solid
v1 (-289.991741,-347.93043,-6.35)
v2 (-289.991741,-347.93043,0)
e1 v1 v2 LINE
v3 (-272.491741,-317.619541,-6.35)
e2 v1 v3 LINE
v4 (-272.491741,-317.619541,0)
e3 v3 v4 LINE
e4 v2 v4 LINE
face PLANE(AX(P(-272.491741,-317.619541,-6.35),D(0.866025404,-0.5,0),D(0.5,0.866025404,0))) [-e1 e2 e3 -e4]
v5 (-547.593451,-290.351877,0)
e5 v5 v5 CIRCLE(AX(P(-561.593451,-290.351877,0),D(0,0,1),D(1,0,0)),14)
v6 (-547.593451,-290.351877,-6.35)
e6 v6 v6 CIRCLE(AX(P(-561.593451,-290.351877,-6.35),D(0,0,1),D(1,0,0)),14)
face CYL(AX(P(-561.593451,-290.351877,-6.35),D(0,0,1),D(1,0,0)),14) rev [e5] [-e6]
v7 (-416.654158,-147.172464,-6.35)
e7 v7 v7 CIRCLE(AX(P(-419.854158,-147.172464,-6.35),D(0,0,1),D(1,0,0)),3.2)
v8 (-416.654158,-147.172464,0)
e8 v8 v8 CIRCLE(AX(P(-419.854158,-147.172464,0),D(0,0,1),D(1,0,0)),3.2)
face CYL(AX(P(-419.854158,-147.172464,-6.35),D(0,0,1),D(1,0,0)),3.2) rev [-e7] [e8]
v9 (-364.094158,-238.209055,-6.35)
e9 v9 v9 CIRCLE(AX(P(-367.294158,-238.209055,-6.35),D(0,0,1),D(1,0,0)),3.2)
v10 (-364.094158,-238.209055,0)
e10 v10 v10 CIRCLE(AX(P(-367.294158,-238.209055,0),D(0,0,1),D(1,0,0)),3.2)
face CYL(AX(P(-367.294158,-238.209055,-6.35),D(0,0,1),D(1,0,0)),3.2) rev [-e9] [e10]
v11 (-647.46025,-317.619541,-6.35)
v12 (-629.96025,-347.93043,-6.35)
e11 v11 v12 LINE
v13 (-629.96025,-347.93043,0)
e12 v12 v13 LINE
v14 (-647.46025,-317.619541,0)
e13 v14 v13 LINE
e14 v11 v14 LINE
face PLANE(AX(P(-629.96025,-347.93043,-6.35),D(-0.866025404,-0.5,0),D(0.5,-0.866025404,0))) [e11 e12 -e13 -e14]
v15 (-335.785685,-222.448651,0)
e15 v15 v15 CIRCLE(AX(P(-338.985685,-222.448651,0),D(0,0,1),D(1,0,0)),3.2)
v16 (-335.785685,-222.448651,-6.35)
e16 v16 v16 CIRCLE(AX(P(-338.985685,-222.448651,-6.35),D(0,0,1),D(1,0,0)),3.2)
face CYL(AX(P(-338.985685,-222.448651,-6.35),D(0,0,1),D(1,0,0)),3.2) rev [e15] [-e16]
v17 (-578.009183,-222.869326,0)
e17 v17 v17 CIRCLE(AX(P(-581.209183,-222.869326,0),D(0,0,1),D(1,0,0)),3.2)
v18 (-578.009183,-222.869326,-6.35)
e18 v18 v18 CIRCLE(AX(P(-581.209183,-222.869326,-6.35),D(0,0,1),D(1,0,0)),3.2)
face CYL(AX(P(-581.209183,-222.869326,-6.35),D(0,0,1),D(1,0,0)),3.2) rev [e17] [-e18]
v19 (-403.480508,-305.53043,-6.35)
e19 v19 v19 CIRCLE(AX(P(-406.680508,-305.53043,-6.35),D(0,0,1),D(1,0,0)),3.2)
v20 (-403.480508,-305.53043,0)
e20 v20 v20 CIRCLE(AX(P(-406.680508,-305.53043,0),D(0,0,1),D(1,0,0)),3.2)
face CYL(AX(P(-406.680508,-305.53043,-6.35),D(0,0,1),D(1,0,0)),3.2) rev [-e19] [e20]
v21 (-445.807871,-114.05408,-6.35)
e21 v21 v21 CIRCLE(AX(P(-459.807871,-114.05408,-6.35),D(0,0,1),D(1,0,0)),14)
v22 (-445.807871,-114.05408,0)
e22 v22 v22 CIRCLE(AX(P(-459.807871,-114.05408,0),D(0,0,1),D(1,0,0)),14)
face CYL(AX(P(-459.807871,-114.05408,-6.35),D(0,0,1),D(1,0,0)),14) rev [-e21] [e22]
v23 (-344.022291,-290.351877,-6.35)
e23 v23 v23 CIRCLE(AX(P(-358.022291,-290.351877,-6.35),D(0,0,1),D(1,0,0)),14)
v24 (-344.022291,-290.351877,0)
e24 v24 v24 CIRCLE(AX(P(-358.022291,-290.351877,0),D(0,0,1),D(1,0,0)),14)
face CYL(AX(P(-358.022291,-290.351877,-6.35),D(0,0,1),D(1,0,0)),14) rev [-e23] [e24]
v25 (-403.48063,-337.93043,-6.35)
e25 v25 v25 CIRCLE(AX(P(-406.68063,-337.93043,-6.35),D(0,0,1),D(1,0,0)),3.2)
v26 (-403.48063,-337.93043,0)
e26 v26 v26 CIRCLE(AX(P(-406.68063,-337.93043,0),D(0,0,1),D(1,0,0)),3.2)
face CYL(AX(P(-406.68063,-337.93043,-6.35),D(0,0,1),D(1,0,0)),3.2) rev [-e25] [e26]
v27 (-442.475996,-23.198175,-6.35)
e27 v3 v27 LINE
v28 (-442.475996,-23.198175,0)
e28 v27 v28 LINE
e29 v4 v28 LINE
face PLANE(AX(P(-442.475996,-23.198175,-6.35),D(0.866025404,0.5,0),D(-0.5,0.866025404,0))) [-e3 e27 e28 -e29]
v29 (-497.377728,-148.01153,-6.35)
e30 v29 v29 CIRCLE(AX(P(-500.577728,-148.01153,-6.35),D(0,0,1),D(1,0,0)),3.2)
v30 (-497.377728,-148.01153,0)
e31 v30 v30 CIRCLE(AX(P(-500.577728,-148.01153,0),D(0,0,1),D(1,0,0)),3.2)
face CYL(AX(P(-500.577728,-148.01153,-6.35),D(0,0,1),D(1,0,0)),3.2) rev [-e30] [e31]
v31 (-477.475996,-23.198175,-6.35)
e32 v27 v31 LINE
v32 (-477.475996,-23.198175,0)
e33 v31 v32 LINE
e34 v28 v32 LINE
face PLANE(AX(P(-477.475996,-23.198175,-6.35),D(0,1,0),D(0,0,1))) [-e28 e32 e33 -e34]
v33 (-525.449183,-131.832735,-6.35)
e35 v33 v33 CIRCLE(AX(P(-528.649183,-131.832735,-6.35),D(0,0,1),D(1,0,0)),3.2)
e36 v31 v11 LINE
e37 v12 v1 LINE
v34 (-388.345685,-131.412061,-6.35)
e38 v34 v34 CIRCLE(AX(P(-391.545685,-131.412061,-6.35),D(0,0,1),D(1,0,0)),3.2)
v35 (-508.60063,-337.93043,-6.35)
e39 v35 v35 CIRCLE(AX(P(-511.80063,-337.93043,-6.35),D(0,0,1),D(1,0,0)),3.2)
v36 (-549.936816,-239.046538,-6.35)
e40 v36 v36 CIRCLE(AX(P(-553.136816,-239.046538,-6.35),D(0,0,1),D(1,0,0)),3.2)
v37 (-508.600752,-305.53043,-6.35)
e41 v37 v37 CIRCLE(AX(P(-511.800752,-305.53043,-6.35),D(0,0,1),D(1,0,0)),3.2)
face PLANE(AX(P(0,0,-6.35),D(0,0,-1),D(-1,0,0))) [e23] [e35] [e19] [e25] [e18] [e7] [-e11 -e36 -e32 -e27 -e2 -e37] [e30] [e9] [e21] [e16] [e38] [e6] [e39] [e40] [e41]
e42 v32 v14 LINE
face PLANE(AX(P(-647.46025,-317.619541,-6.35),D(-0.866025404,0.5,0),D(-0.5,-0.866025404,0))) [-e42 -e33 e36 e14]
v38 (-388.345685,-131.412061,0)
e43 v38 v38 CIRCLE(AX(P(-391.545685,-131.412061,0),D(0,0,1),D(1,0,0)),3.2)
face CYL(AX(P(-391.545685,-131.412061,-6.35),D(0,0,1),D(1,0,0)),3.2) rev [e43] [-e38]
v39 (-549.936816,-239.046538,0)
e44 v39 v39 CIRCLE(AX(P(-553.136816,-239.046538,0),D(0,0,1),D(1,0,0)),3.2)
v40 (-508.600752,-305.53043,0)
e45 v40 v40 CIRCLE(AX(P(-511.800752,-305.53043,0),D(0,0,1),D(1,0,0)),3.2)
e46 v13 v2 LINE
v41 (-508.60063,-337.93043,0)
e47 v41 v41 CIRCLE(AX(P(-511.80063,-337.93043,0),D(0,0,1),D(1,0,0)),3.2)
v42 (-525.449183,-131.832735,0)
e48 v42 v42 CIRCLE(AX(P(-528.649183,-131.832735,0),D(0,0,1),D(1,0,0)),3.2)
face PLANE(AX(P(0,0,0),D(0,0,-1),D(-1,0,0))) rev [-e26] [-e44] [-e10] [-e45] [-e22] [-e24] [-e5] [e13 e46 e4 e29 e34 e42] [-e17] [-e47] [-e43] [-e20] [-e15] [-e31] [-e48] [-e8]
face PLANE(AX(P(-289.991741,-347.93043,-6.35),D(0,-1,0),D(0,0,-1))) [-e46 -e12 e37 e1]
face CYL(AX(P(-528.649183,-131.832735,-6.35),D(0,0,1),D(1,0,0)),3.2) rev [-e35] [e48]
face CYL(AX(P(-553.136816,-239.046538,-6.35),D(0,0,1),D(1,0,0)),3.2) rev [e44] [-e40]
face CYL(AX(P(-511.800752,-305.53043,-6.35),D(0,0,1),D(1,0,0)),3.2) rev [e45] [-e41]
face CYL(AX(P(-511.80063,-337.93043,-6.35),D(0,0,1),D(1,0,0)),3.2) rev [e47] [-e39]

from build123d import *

# Parameters (mm, degrees)
SKETCH1_R           = 3.2
SKETCH1_R_2         = 14
BOSS_EXTRUDE1_DEPTH = 6.35


with BuildPart() as part:
    # Sketch1 → Boss-Extrude1 (new body)
    with BuildSketch(Plane.XY):
        Polygon((-647.460250444, -317.619540534), (-477.475995614, -23.198174681), (-442.475995614, -23.198174681), (-272.491740783, -317.619540534), (-289.991740783, -347.930429667), (-629.960250444, -347.930429667), align=None)
        with Locations((-581.209182953, -222.869325584)):
            Circle(SKETCH1_R, mode=Mode.SUBTRACT)
        with Locations((-528.649182953, -131.832735139)):
            Circle(SKETCH1_R, mode=Mode.SUBTRACT)
        with Locations((-500.577727615, -148.011529753)):
            Circle(SKETCH1_R, mode=Mode.SUBTRACT)
        with Locations((-553.136815613, -239.046537702)):
            Circle(SKETCH1_R, mode=Mode.SUBTRACT)
        with Locations((-367.294158494, -238.209054553)):
            Circle(SKETCH1_R, mode=Mode.SUBTRACT)
        with Locations((-419.854158494, -147.172464107)):
            Circle(SKETCH1_R, mode=Mode.SUBTRACT)
        with Locations((-391.545684719, -131.412060795)):
            Circle(SKETCH1_R, mode=Mode.SUBTRACT)
        with Locations((-338.985684719, -222.448651241)):
            Circle(SKETCH1_R, mode=Mode.SUBTRACT)
        with Locations((-511.800751787, -305.530429667)):
            Circle(SKETCH1_R, mode=Mode.SUBTRACT)
        with Locations((-406.680508256, -305.530429667)):
            Circle(SKETCH1_R, mode=Mode.SUBTRACT)
        with Locations((-406.680630022, -337.930429667)):
            Circle(SKETCH1_R, mode=Mode.SUBTRACT)
        with Locations((-511.800630022, -337.930429667)):
            Circle(SKETCH1_R, mode=Mode.SUBTRACT)
        with Locations((-459.807870528, -114.054080446)):
            Circle(SKETCH1_R_2, mode=Mode.SUBTRACT)
        with Locations((-358.022290508, -290.351876517)):
            Circle(SKETCH1_R_2, mode=Mode.SUBTRACT)
        with Locations((-561.593450547, -290.351876517)):
            Circle(SKETCH1_R_2, mode=Mode.SUBTRACT)
    extrude(amount=-BOSS_EXTRUDE1_DEPTH)


solid = part.part
